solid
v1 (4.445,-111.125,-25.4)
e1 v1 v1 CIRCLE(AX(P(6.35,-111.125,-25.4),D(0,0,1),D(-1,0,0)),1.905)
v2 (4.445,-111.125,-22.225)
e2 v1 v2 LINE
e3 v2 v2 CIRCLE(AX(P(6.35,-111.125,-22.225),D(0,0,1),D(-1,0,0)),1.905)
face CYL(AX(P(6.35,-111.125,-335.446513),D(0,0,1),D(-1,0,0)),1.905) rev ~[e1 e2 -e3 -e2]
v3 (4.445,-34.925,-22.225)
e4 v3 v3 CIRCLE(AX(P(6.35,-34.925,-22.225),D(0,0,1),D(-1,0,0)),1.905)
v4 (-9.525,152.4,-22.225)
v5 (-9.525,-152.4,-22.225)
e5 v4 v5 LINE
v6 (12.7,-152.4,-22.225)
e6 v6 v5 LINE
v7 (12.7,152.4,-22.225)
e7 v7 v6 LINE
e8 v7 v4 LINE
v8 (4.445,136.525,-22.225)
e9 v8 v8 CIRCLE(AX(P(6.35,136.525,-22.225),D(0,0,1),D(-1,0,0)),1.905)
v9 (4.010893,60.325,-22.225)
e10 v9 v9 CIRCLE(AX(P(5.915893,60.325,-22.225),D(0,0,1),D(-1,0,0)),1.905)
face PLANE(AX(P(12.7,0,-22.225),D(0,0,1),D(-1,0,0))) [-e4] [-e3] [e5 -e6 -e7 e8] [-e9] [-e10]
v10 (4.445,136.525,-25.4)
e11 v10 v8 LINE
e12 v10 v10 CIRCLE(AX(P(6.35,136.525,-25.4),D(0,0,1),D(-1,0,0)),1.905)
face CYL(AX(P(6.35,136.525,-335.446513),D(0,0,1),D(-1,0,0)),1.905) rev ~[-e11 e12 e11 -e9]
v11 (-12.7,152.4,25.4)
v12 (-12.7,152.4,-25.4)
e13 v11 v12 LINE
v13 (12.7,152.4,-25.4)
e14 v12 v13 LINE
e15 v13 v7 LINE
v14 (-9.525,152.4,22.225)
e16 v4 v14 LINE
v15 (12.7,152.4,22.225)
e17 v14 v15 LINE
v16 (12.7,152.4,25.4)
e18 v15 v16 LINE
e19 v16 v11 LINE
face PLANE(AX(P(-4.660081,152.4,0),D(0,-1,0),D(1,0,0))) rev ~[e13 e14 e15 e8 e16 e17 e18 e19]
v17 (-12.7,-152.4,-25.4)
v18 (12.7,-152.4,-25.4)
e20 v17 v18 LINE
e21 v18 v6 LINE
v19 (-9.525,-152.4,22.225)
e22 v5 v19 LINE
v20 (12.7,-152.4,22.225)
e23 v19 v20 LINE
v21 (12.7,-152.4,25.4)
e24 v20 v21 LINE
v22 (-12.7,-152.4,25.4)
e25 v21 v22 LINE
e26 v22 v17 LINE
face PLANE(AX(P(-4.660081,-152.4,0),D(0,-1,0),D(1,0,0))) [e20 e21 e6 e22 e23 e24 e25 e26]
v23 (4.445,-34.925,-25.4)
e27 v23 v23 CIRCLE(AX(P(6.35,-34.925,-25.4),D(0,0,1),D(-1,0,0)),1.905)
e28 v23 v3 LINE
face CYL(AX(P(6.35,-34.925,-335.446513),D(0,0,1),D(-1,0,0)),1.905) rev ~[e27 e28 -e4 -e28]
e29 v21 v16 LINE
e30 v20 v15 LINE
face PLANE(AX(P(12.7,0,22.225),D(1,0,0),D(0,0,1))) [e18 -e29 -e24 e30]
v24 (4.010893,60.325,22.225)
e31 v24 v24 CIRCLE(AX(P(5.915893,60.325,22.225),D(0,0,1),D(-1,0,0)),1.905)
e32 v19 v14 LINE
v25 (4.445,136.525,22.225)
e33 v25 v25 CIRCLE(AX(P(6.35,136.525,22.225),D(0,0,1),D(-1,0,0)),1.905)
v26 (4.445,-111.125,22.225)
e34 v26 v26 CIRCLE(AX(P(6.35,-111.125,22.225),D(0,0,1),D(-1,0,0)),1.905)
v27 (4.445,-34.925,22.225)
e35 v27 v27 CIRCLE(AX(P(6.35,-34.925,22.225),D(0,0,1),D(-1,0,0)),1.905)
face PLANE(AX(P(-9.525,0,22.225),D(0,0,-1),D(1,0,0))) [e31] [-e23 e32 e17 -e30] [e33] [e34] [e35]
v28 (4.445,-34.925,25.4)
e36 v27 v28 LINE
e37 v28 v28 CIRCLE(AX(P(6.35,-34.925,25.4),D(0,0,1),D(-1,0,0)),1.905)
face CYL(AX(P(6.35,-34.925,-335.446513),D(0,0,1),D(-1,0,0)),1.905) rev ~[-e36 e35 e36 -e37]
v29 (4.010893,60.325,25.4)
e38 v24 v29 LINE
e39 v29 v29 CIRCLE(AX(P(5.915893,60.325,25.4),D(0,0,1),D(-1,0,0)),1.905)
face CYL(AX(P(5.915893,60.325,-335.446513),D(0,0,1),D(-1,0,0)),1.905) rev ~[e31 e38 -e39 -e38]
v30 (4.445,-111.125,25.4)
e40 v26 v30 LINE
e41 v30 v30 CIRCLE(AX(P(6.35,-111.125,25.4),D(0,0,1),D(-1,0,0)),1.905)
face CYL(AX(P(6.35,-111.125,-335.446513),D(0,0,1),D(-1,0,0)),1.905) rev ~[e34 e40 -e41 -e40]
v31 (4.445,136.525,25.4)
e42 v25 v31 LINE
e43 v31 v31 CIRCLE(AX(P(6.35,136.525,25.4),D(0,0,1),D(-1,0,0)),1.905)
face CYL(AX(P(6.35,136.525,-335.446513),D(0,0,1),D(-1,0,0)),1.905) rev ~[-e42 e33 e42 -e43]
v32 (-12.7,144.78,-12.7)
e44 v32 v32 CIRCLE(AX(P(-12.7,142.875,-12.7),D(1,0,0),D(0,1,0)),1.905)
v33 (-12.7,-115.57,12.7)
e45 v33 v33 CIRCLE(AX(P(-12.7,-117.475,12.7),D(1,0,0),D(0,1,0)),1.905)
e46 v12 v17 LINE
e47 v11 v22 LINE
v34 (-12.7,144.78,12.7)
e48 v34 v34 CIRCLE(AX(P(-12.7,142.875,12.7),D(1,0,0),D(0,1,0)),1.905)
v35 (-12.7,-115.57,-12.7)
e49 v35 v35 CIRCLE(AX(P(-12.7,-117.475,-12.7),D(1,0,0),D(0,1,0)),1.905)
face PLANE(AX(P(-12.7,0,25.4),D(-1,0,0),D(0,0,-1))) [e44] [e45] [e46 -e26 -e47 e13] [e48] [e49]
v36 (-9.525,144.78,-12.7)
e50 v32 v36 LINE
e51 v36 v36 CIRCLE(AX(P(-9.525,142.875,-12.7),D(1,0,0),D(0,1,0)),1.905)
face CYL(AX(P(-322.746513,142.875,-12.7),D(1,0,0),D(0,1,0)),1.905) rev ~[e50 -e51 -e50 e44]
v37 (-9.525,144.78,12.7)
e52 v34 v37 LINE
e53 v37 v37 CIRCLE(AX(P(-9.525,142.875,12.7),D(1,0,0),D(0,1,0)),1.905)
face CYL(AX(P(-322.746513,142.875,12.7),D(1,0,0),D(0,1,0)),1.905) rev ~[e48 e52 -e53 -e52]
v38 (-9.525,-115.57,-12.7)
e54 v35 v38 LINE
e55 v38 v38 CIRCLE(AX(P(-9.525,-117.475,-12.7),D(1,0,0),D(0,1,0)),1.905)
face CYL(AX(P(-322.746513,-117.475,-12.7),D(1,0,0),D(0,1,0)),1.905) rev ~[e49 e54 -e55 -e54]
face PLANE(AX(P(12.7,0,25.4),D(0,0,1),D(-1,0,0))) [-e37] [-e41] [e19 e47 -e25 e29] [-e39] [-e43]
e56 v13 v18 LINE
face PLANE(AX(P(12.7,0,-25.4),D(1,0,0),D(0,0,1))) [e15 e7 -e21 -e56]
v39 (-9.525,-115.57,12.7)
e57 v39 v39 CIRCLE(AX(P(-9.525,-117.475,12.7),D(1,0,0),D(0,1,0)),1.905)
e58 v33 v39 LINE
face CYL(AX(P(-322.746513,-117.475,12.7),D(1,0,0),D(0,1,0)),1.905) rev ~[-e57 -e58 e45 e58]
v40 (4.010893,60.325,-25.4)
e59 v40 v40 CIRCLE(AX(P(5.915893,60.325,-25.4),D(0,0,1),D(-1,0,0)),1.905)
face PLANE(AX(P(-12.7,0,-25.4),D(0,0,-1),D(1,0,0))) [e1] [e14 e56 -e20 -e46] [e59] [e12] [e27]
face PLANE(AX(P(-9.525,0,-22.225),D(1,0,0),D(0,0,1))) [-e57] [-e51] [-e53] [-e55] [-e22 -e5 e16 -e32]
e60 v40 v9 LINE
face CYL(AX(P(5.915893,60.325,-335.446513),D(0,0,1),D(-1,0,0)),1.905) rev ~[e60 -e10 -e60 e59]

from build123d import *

# Parameters (mm, degrees)
F1_DEPTH = 152.4
F3_D     = 3.81
F5_D     = 3.81


with BuildPart() as f1:
    # F0 (on Front) → F1 (new body, symmetric)
    with BuildSketch(Plane.XZ):
        Polygon((12.7, 25.4), (-12.7, 25.4), (-12.7, -25.4), (12.7, -25.4), (12.7, -22.225), (-9.525, -22.225), (-9.525, 22.225), (12.7, 22.225), align=None)
    extrude(amount=F1_DEPTH, both=True)

    # F3 (through all)
    with Locations(Plane(origin=(0, 0, -25.4), x_dir=(1, 0, 0), z_dir=(0, 0, -1))):
        with Locations((6.35, -136.525), (5.915893, -60.325), (6.35, 34.925), (6.35, 111.125)):
            Hole(F3_D / 2)

    # F5 (through all)
    with Locations(Plane(origin=(-12.7, 0, 0), x_dir=(0, -1, 0), z_dir=(-1, 0, 0))):
        with Locations((117.475, -12.7), (117.475, 12.7), (-142.875, -12.7), (-142.875, 12.7)):
            Hole(F5_D / 2)


solid = f1.part
